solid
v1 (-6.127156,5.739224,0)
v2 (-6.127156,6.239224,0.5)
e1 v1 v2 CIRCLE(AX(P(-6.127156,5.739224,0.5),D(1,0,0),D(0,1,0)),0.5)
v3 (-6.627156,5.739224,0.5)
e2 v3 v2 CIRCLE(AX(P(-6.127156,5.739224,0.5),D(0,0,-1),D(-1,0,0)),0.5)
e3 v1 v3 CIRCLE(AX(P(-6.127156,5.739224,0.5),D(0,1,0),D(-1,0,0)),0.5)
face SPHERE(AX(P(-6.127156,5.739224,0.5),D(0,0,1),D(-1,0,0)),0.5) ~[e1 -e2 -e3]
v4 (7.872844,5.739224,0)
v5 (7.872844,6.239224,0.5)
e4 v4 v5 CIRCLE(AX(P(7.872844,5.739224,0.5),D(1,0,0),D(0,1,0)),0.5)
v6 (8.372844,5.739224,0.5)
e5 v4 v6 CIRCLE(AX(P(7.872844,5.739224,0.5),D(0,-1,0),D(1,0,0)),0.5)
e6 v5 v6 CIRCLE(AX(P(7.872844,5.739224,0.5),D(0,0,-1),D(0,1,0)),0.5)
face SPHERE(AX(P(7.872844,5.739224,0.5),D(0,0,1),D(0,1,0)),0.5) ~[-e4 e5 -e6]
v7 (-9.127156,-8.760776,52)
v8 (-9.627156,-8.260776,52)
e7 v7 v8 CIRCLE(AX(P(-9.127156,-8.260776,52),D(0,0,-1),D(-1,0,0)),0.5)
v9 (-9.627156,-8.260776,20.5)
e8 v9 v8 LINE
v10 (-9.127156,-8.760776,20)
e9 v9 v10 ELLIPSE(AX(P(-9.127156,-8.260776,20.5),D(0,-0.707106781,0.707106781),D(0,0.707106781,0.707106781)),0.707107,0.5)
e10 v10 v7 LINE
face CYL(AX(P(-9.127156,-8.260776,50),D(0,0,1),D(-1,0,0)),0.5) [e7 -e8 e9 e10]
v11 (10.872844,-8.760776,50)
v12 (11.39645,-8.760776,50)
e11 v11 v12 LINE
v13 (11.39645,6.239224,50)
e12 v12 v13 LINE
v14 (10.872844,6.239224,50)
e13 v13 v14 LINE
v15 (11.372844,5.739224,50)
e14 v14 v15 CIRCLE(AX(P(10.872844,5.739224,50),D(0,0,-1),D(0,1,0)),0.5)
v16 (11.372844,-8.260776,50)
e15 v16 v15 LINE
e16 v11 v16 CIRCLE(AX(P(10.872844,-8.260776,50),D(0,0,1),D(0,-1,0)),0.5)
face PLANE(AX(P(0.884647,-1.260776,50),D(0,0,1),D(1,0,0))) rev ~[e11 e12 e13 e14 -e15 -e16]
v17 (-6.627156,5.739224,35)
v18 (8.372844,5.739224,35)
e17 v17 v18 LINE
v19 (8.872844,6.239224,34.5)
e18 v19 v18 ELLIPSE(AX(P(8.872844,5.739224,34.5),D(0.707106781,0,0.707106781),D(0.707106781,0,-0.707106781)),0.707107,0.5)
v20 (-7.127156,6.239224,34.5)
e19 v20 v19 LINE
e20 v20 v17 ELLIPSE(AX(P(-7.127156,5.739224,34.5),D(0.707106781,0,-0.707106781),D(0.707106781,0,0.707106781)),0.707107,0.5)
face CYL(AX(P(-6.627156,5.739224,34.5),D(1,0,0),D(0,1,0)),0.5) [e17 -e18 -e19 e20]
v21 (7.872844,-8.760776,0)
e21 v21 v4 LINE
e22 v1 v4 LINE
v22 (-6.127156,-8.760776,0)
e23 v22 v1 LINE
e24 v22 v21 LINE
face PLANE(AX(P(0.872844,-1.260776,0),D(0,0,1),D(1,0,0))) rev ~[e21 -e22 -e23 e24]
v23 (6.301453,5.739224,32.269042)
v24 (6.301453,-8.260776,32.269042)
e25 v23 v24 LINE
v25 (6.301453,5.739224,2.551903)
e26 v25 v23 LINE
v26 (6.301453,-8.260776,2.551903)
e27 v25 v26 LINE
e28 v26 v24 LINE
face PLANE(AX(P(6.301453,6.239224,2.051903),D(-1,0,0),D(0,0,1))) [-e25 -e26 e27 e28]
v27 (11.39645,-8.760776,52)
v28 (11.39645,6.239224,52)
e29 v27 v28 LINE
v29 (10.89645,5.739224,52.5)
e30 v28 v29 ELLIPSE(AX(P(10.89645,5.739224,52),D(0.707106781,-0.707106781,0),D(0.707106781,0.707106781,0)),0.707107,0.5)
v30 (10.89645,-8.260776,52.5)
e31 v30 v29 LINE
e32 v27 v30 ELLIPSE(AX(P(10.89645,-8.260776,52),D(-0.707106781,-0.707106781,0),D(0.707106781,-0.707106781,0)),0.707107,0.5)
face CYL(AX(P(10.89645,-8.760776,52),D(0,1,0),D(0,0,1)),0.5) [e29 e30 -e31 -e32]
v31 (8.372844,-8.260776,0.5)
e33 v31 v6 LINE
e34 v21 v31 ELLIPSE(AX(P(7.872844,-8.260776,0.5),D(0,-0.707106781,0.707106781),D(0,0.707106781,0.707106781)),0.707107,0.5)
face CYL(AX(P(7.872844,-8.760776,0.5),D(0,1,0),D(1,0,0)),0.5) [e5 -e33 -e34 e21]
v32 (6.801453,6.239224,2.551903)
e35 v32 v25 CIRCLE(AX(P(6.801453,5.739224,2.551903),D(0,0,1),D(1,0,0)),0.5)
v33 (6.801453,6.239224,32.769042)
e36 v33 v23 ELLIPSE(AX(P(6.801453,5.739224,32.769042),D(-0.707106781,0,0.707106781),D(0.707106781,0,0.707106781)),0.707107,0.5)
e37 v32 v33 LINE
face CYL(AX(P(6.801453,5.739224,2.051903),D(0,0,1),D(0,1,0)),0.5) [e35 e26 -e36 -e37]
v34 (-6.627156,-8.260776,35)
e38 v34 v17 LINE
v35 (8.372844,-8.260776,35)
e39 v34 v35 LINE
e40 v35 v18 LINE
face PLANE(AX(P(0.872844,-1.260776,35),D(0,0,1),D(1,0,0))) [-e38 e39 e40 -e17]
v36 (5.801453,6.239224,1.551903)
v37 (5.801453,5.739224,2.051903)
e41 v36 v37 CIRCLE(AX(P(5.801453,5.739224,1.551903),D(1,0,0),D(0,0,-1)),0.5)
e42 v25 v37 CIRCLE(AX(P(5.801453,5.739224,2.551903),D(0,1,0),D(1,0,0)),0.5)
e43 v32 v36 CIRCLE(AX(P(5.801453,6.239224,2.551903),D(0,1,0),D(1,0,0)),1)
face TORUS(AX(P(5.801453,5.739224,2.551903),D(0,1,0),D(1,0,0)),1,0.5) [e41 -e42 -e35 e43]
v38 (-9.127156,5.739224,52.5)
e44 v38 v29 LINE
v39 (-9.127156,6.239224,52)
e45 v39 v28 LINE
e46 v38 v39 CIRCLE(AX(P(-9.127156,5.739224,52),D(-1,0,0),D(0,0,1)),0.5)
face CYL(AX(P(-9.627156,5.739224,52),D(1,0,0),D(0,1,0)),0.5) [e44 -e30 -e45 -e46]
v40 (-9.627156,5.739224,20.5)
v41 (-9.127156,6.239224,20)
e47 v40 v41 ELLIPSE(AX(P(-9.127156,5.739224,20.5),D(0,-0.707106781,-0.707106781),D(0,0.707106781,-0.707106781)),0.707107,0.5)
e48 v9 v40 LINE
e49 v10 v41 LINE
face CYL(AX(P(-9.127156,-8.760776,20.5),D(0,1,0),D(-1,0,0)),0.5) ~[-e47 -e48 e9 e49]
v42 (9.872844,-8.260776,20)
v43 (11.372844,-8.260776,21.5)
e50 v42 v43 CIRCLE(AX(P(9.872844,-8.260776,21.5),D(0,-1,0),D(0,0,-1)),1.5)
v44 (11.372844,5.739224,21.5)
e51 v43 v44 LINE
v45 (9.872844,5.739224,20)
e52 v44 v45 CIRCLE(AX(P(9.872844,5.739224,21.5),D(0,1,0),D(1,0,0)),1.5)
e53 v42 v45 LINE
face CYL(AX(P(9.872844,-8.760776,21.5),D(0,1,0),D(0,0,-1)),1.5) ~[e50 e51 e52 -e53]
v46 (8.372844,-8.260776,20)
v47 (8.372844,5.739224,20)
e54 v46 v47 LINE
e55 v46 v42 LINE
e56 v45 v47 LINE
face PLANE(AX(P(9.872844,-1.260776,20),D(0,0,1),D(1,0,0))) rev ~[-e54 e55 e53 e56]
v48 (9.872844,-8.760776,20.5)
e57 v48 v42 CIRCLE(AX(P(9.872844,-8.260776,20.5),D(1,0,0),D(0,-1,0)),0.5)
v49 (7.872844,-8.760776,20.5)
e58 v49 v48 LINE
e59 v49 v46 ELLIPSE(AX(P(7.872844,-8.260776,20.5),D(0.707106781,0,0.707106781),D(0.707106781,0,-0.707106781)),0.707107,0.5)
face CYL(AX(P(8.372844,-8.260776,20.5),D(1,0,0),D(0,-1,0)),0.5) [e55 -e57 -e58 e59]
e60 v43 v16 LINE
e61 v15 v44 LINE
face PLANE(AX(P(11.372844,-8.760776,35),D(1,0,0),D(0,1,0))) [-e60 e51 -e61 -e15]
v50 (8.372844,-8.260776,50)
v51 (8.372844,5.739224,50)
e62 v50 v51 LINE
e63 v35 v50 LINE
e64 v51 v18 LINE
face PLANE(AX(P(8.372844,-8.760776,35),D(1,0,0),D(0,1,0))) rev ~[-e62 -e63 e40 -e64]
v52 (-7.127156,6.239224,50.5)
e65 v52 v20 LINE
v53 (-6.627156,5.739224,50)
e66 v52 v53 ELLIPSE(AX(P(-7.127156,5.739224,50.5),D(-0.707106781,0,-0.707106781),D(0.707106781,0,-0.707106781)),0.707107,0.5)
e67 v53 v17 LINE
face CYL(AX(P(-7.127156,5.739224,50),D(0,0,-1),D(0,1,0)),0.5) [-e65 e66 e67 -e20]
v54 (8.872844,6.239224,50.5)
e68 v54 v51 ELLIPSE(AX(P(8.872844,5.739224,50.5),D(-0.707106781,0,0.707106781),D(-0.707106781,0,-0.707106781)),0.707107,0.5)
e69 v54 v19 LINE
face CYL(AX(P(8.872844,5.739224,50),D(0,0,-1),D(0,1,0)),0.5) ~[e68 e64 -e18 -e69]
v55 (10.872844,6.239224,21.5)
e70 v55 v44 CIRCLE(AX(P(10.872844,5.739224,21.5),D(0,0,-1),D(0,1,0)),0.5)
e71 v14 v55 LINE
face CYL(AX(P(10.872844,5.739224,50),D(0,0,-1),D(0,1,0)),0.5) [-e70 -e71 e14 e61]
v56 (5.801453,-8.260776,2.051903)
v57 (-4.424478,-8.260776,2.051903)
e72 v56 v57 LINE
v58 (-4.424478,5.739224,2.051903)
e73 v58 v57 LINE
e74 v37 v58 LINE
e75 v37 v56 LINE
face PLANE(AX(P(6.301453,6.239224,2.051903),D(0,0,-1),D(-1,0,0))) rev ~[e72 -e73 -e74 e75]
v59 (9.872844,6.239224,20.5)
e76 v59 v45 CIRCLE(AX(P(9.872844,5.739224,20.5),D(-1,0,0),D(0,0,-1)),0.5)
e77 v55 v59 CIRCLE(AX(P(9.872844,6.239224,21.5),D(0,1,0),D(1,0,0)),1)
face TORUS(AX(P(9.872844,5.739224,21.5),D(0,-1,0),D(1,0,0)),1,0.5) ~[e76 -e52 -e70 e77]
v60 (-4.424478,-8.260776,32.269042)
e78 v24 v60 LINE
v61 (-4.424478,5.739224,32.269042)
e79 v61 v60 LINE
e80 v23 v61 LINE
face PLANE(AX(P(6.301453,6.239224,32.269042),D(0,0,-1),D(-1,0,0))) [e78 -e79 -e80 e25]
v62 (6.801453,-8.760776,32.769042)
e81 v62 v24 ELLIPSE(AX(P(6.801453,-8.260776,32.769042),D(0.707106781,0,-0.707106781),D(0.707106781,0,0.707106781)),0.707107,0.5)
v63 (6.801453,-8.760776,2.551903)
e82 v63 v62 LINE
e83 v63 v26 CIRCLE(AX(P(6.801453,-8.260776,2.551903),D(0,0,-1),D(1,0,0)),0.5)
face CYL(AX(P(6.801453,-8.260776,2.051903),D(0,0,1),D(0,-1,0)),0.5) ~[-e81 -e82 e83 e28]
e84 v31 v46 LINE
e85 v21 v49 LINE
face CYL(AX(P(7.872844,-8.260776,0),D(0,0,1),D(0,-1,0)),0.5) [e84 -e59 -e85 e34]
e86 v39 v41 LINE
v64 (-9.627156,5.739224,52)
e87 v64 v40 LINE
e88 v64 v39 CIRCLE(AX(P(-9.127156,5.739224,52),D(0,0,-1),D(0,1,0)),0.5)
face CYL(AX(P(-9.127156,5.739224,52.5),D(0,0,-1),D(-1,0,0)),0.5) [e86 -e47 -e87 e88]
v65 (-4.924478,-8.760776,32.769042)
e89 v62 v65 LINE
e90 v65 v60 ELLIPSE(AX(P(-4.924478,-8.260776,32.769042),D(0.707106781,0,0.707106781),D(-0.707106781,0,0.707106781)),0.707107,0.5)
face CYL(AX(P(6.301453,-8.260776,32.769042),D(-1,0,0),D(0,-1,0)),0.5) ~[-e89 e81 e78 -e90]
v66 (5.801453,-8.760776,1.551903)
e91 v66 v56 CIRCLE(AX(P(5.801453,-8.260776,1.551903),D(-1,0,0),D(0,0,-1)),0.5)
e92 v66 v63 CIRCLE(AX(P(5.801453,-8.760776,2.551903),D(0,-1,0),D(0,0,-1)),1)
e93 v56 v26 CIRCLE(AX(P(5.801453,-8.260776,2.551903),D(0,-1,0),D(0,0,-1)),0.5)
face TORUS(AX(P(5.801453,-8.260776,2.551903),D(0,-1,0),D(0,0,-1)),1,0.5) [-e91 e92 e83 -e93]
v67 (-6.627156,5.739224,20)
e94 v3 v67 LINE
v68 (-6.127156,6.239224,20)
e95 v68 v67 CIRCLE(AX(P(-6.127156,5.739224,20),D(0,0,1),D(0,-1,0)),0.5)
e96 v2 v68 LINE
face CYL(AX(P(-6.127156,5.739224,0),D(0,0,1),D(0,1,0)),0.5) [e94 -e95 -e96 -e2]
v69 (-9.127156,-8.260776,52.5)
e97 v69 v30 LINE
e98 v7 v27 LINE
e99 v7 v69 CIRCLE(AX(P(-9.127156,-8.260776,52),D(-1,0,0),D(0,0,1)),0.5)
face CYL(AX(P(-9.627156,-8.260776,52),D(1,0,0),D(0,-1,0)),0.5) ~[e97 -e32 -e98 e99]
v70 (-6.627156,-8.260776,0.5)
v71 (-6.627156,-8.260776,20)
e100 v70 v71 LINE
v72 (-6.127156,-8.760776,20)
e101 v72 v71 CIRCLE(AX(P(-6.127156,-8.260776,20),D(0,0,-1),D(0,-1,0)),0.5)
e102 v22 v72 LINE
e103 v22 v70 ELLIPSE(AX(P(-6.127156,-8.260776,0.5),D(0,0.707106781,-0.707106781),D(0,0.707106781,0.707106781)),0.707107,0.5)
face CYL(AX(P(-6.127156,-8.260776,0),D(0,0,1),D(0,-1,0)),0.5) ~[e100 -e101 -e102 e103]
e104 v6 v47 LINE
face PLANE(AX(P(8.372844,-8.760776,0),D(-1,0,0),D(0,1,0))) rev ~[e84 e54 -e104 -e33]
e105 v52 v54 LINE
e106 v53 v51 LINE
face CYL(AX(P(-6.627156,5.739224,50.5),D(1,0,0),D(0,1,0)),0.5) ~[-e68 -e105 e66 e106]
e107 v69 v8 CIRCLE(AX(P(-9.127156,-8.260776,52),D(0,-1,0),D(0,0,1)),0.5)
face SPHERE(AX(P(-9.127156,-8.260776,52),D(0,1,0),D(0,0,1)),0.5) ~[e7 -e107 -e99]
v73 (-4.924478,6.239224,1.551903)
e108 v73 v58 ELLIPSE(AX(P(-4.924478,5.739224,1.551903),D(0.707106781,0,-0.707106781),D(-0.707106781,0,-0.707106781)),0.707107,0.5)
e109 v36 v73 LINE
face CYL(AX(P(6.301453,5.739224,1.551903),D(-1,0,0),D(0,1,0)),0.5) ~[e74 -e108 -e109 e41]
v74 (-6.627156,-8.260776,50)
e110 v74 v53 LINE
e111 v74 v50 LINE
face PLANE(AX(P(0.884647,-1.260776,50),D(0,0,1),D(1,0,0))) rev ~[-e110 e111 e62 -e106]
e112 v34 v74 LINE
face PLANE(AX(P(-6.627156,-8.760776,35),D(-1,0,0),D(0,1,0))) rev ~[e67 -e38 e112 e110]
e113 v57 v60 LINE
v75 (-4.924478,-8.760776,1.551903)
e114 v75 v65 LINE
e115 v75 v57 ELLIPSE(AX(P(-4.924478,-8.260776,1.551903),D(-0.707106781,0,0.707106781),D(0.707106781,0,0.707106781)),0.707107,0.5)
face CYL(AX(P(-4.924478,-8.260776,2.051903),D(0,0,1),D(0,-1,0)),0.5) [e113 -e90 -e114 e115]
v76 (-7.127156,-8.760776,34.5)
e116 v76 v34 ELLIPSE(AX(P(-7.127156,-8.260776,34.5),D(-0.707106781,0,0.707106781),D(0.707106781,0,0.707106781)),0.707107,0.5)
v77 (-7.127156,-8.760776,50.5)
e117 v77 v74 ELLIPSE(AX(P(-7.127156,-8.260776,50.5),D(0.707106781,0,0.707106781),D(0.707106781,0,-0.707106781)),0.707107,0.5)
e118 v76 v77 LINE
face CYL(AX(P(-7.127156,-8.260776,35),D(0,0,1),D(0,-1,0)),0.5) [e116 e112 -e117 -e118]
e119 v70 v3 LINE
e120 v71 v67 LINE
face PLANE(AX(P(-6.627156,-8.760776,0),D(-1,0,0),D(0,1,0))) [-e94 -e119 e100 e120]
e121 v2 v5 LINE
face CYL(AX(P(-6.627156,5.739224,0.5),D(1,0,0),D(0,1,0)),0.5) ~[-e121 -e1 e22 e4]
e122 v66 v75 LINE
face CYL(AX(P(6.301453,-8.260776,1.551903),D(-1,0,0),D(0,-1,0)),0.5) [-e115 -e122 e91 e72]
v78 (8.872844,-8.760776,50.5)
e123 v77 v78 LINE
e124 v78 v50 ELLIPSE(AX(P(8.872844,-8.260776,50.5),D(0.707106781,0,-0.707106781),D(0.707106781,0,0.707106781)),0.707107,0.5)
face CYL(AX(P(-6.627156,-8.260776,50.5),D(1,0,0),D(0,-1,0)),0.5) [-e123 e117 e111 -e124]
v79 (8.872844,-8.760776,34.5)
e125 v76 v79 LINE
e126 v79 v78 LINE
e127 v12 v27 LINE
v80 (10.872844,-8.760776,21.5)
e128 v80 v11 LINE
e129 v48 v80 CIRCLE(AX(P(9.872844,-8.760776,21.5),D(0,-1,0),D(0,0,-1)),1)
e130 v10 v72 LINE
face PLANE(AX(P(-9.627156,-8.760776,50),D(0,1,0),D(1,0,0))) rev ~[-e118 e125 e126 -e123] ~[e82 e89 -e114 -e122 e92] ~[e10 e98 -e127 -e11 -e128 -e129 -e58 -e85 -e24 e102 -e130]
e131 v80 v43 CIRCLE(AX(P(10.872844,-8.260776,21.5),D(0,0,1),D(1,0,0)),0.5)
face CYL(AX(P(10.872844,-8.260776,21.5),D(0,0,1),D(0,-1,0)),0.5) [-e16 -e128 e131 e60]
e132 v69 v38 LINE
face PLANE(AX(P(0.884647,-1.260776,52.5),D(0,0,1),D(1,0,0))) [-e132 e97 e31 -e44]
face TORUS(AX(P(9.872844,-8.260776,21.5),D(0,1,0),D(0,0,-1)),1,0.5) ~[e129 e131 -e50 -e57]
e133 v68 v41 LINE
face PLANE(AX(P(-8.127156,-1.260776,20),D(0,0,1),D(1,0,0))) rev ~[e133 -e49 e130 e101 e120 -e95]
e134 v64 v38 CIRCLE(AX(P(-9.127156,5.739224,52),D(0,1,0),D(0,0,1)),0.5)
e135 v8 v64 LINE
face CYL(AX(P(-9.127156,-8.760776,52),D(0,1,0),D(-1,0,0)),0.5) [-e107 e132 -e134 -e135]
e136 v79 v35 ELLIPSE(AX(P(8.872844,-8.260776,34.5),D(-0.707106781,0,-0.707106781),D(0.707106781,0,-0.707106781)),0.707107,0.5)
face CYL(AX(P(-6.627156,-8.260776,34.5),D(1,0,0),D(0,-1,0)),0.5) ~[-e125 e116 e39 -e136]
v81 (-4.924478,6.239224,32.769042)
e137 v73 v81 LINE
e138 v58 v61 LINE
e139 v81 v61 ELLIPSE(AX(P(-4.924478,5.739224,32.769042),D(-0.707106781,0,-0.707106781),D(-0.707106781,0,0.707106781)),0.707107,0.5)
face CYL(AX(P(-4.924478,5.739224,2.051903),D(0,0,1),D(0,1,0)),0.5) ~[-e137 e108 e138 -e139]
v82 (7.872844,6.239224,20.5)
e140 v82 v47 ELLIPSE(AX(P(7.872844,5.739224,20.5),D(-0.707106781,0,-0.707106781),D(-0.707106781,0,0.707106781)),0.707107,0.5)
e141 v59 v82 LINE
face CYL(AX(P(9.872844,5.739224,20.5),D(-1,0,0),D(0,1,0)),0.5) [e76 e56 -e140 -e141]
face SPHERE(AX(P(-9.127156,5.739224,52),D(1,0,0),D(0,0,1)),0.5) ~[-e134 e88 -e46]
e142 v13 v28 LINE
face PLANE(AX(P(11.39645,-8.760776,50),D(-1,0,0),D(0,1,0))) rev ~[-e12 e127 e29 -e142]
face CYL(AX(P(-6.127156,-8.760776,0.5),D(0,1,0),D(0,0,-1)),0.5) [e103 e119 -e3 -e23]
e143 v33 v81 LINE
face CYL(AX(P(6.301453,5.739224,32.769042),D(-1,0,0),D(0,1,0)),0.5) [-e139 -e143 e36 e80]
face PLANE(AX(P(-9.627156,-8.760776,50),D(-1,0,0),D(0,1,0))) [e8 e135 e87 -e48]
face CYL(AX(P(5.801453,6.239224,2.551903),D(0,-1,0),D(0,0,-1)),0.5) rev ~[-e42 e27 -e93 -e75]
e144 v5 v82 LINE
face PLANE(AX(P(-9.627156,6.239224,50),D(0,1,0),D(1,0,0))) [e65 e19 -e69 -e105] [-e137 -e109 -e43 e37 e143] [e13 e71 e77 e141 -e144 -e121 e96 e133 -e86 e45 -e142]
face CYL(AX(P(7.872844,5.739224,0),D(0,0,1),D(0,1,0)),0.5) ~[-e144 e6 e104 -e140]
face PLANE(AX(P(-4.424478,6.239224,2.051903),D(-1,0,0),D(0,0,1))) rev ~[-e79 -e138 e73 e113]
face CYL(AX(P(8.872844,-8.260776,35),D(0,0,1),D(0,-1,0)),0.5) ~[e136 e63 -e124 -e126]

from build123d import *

# Parameters (mm, degrees)
F0_W     = 15
F0_H     = 15
F1_DEPTH = 35
F2_W     = 3
F2_H     = 15
F3_DEPTH = 15
F4_R     = 1.5
F5_W     = 21.0236056261
F5_H     = 15
F6_DEPTH = 2.5
F7_R     = 0.5
F8_W     = 10.7259307988
F8_H     = 30.2171390504
F9_DEPTH = 25
F10_R    = 0.5
F11_R    = 0.5


with BuildPart() as f1:
    # F0 (on Top) → F1 (new body)
    with BuildSketch(Plane.XY):
        with Locations((0.8728443645, -1.2607762389)):
            Rectangle(F0_W, F0_H)
    extrude(amount=F1_DEPTH)

    # F2 (on face) → F3 (join, symmetric)
    with BuildSketch(Plane.XY.offset(35)):
        with Locations((-8.1271556355, -1.2607762389)):
            Rectangle(F2_W, F2_H)
        with Locations((9.8728443645, -1.2607762389)):
            Rectangle(F2_W, F2_H)
    extrude(amount=F3_DEPTH, both=True)

    # F4
    f4_edges = [f1.edges().sort_by_distance(p)[0] for p in [
        (11.372844, -1.260776, 20),
    ]]
    fillet(f4_edges, radius=F4_R)

    # F5 (on face) → F6 (join)
    with BuildSketch(Plane.XY.offset(50)):
        with Locations((0.8846471775, -1.2607762389)):
            Rectangle(F5_W, F5_H)
    extrude(amount=F6_DEPTH)

    # F7
    f7_edges = [f1.edges().sort_by_distance(p)[0] for p in [
        (0.884647, 6.239224, 52.5),
        (-9.627156, -1.260776, 52.5),
        (0.884647, -8.760776, 52.5),
        (11.39645, -1.260776, 52.5),
        (-9.627156, 6.239224, 36.25),
        (-9.627156, -8.760776, 36.25),
        (11.372844, 6.239224, 35.75),
        (0.872844, 6.239224, 35),
        (8.372844, 6.239224, 42.5),
        (0.872844, 6.239224, 50),
        (-6.627156, 6.239224, 42.5),
        (-6.627156, -8.760776, 10),
        (-9.627156, -1.260776, 20),
        (-6.627156, 6.239224, 10),
        (-6.627156, -1.260776, 0),
        (8.372844, 6.239224, 10),
        (0.872844, 6.239224, 0),
        (11.372844, -8.760776, 35.75),
        (8.372844, -8.760776, 10),
        (8.372844, -1.260776, 0),
        (11.372844, -1.260776, 21.5),
    ]]
    fillet(f7_edges, radius=F7_R)

    # F8 (on face) → F9 (cut)
    with BuildSketch(Plane(origin=(0, 6.2392237611, 0), x_dir=(-1, 0, 0), z_dir=(0, 1, 0))):
        with Locations((-0.938487472, 17.1604724601)):
            Rectangle(F8_W, F8_H)
    extrude(amount=-F9_DEPTH, mode=Mode.SUBTRACT)

    # F10
    f10_edges = [f1.edges().sort_by_distance(p)[0] for p in [
        (6.301453, 6.239224, 17.160472),
        (6.301453, -8.760776, 17.160472),
        (0.938487, 6.239224, 2.051903),
        (6.301453, -1.260776, 2.051903),
        (0.938487, -8.760776, 32.269042),
        (-4.424478, -8.760776, 17.160472),
        (0.938487, -8.760776, 2.051903),
        (-6.127156, -8.760776, 10),
        (-6.127156, -1.510776, 0),
        (-4.424478, 6.239224, 17.160472),
        (0.938487, 6.239224, 32.269042),
    ]]
    fillet(f10_edges, radius=F10_R)

    # F11
    f11_edges = [f1.edges().sort_by_distance(p)[0] for p in [
        (0.872844, -8.760776, 50),
        (-6.627156, -8.760776, 42.5),
        (0.872844, -8.760776, 35),
        (8.372844, -8.760776, 42.5),
    ]]
    fillet(f11_edges, radius=F11_R)


solid = f1.part
